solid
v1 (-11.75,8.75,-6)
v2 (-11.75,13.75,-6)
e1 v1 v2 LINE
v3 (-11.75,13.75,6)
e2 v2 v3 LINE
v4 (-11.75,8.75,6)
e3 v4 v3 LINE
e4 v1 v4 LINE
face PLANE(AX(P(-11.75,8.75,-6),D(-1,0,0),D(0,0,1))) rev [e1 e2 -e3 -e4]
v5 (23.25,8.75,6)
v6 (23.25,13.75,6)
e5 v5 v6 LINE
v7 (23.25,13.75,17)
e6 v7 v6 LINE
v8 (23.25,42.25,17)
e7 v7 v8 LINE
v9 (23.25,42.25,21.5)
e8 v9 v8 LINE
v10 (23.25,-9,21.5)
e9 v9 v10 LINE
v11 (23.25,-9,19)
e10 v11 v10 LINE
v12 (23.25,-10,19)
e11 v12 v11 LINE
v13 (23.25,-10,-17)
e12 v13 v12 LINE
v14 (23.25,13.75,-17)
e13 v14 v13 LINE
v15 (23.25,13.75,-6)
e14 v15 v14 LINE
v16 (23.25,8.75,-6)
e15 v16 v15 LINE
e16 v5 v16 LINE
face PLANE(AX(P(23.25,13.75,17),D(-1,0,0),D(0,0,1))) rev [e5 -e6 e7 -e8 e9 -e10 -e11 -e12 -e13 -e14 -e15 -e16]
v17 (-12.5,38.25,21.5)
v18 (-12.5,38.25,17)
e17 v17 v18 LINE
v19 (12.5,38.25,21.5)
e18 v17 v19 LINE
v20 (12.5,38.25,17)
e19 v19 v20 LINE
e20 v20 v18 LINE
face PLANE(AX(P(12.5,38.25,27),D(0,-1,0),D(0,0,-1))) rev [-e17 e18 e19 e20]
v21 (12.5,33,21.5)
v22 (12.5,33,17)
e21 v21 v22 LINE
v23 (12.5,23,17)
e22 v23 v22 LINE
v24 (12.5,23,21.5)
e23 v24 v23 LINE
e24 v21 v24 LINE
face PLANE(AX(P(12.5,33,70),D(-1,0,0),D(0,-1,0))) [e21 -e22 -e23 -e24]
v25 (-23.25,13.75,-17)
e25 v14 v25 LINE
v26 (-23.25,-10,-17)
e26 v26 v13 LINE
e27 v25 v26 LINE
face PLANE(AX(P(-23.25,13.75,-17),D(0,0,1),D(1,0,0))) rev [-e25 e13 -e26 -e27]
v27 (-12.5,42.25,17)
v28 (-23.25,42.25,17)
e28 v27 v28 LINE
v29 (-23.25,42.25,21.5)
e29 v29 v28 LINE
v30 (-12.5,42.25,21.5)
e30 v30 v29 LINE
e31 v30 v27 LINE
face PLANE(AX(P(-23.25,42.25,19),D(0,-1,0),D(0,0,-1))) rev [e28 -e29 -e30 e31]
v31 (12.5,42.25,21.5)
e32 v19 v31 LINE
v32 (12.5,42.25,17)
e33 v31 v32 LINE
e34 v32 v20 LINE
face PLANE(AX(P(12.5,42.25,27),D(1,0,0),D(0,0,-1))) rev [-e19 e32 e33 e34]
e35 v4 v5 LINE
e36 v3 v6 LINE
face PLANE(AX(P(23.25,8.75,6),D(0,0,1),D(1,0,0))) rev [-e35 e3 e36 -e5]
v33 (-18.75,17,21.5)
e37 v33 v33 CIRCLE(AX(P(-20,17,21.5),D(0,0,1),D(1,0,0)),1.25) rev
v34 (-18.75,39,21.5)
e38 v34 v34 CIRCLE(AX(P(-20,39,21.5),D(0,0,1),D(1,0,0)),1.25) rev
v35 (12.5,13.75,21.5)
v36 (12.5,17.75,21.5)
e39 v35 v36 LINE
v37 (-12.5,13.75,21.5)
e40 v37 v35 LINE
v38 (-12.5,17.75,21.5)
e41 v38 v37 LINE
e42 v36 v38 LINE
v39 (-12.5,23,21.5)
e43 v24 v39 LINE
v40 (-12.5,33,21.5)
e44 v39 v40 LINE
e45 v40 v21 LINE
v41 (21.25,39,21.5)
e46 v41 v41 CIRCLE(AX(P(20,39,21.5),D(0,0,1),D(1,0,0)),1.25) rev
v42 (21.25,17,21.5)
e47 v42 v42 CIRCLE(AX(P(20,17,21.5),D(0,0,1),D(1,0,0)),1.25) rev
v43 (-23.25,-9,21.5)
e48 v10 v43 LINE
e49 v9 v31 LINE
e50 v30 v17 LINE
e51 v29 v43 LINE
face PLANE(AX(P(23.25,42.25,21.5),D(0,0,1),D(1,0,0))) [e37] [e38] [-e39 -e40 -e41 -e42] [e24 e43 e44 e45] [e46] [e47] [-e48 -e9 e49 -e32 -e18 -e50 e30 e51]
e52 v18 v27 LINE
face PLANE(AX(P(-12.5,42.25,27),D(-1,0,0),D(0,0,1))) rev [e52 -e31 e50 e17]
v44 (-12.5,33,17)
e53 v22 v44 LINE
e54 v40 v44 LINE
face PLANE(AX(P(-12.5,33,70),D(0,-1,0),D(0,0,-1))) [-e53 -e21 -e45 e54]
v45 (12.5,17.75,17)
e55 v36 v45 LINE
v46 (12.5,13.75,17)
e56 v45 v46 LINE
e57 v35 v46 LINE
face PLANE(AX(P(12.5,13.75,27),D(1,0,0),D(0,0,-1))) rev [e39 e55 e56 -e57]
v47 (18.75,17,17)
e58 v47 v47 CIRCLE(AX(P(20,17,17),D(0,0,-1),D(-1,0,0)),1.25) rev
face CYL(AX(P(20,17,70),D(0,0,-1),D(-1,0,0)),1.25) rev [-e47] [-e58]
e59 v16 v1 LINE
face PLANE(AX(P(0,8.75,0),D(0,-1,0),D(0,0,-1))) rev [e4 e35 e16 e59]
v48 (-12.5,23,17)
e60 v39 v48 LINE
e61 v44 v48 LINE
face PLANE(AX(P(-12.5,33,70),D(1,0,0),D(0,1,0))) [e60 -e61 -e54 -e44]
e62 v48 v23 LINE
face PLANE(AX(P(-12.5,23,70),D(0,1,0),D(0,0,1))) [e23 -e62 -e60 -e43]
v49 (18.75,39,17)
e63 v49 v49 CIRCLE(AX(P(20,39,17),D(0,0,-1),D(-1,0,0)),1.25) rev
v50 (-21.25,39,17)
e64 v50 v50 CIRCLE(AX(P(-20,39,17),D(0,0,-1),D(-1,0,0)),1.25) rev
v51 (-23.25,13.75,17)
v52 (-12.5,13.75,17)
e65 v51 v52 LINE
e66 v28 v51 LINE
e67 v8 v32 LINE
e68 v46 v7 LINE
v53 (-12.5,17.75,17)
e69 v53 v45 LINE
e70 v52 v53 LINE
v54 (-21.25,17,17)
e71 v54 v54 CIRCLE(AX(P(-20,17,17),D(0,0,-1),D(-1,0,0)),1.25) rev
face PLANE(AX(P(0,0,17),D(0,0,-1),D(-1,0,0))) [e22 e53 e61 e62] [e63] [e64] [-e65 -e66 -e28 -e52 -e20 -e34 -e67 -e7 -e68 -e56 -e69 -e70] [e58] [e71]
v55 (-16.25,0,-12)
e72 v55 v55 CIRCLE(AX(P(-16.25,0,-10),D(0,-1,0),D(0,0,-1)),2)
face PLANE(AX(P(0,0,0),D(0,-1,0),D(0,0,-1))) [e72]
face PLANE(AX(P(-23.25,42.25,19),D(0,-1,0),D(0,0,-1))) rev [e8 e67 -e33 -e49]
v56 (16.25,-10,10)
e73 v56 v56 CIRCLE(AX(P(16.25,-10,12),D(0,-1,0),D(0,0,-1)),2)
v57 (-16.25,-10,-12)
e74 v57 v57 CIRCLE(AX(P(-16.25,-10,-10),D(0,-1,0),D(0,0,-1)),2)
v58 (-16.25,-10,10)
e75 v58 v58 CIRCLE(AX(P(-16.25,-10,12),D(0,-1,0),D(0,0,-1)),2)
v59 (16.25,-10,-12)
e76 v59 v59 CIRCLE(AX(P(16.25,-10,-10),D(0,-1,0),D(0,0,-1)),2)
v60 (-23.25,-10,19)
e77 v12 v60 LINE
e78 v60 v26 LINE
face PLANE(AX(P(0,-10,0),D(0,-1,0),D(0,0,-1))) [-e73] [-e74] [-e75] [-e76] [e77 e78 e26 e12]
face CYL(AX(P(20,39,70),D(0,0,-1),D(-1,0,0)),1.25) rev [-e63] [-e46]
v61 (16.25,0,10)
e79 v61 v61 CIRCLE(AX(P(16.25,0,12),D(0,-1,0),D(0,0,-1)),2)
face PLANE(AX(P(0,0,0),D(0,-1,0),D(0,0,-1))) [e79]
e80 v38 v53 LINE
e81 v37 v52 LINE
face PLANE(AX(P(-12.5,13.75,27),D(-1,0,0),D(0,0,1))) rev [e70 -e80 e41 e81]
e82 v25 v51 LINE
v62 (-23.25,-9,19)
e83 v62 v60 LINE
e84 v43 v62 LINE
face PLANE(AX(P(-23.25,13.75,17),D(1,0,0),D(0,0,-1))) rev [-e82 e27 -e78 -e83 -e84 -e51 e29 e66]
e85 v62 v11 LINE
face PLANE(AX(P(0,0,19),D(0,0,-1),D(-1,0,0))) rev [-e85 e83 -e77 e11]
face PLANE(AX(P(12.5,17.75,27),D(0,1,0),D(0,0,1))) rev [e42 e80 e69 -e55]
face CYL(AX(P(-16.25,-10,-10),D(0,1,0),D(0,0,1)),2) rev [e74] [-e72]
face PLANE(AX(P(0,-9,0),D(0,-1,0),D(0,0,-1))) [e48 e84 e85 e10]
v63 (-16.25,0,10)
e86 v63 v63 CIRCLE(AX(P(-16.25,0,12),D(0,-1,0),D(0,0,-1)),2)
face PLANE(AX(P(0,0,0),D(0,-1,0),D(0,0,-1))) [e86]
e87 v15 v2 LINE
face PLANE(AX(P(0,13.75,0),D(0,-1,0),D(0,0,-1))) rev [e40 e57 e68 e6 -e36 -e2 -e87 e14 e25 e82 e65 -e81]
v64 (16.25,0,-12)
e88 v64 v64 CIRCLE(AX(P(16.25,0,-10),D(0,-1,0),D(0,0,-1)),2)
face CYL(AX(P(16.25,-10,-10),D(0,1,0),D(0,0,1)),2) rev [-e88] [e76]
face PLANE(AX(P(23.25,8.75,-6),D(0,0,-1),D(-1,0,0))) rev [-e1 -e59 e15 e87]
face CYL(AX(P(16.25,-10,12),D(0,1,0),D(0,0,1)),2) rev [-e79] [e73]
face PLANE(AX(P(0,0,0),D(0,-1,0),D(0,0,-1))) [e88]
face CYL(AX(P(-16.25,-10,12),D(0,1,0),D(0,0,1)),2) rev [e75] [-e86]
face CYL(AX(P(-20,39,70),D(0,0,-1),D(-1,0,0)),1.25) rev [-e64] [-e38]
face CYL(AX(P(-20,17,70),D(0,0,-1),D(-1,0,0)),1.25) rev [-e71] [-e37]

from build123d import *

# Parameters (mm, degrees)
SKETCH1_W                      = 46.5
SKETCH1_H                      = 34
BOSS_EXTRUDE1_DEPTH            = 13.75
SKETCH2_W                      = 46.5
SKETCH2_H                      = 42.25
BOSS_EXTRUDE2_DEPTH            = 2
SKETCH4_W                      = 35
SKETCH4_H                      = 12
CUT_EXTRUDE2_DEPTH             = 5
SKETCH6_W                      = 46.5
SKETCH6_H                      = 36
SKETCH6_R                      = 2
BOSS_EXTRUDE3_DEPTH            = 10
SKETCH8_W                      = 46.5
SKETCH8_H                      = 2.5
BOSS_EXTRUDE4_DEPTH            = 51.25
CUT_EXTRUDE1_REACH             = 62.18
SKETCH3_R                      = 1.25
SKETCH3_W                      = 25
SKETCH3_H                      = 10
CUT_EXTRUDE1_DIRECTION_2_DEPTH = 51
SKETCH7_W                      = 25
SKETCH7_H                      = 4
CUT_EXTRUDE3_DEPTH             = 10


with BuildPart() as part:
    # Sketch1 → Boss-Extrude1 (new body)
    with BuildSketch(Plane(origin=(0, 0, 0), x_dir=(1, 0, 0), z_dir=(0, 1, 0))):
        Rectangle(SKETCH1_W, SKETCH1_H)
    extrude(amount=BOSS_EXTRUDE1_DEPTH)

    # Sketch2 → Boss-Extrude2 (add)
    with BuildSketch(Plane.XY.offset(17)):
        with Locations((0, 21.125)):
            Rectangle(SKETCH2_W, SKETCH2_H)
    extrude(amount=BOSS_EXTRUDE2_DEPTH)

    # Sketch4 → Cut-Extrude2 (cut)
    with BuildSketch(Plane(origin=(0, 13.75, 0), x_dir=(1, 0, 0), z_dir=(0, 1, 0))):
        with Locations((5.75, 0)):
            Rectangle(SKETCH4_W, SKETCH4_H)
    extrude(amount=-CUT_EXTRUDE2_DEPTH, mode=Mode.SUBTRACT)

    # Sketch6 → Boss-Extrude3 (add)
    with BuildSketch(Plane.XZ):
        with Locations((0, 1)):
            Rectangle(SKETCH6_W, SKETCH6_H)
        with Locations(Location((16.25, -10, 0), (0, 0, 270))):
            Circle(SKETCH6_R, mode=Mode.SUBTRACT)
        with Locations(Location((-16.25, -10, 0), (0, 0, 270))):
            Circle(SKETCH6_R, mode=Mode.SUBTRACT)
        with Locations(Location((-16.25, 12, 0), (0, 0, 270))):
            Circle(SKETCH6_R, mode=Mode.SUBTRACT)
        with Locations(Location((16.25, 12, 0), (0, 0, 270))):
            Circle(SKETCH6_R, mode=Mode.SUBTRACT)
    extrude(amount=BOSS_EXTRUDE3_DEPTH)

    # Sketch8 → Boss-Extrude4 (add)
    with BuildSketch(Plane(origin=(0, -9, 0), x_dir=(-1, 0, 0), z_dir=(0, -1, 0))):
        with Locations((0, -20.25)):
            Rectangle(SKETCH8_W, SKETCH8_H)
    extrude(amount=-BOSS_EXTRUDE4_DEPTH)

    # Sketch3 → Cut-Extrude1 (cut, up to next)
    with BuildSketch(Plane.XY.offset(19), mode=Mode.PRIVATE) as cut_extrude1_sk1:
        with Locations(Location((-20, 39, 0), (0, 0, 180))):
            Circle(SKETCH3_R)
    cut_extrude1_tool1 = extrude(cut_extrude1_sk1.sketch, amount=-CUT_EXTRUDE1_REACH, mode=Mode.PRIVATE) & part.part
    # Sketch3 → Cut-Extrude1 (cut, up to next)
    with BuildSketch(Plane.XY.offset(19), mode=Mode.PRIVATE) as cut_extrude1_sk2:
        with Locations(Location((20, 39, 0), (0, 0, 180))):
            Circle(SKETCH3_R)
    cut_extrude1_tool2 = extrude(cut_extrude1_sk2.sketch, amount=-CUT_EXTRUDE1_REACH, mode=Mode.PRIVATE) & part.part
    # Sketch3 → Cut-Extrude1 (cut, up to next)
    with BuildSketch(Plane.XY.offset(19), mode=Mode.PRIVATE) as cut_extrude1_sk3:
        with Locations(Location((20, 17, 0), (0, 0, 180))):
            Circle(SKETCH3_R)
    cut_extrude1_tool3 = extrude(cut_extrude1_sk3.sketch, amount=-CUT_EXTRUDE1_REACH, mode=Mode.PRIVATE) & part.part
    # Sketch3 → Cut-Extrude1 (cut, up to next)
    with BuildSketch(Plane.XY.offset(19), mode=Mode.PRIVATE) as cut_extrude1_sk4:
        with Locations(Location((-20, 17, 0), (0, 0, 180))):
            Circle(SKETCH3_R)
    cut_extrude1_tool4 = extrude(cut_extrude1_sk4.sketch, amount=-CUT_EXTRUDE1_REACH, mode=Mode.PRIVATE) & part.part
    # Sketch3 → Cut-Extrude1 (cut, up to next)
    with BuildSketch(Plane.XY.offset(19), mode=Mode.PRIVATE) as cut_extrude1_sk5:
        with Locations((0, 28)):
            Rectangle(SKETCH3_W, SKETCH3_H)
    cut_extrude1_tool5 = extrude(cut_extrude1_sk5.sketch, amount=-CUT_EXTRUDE1_REACH, mode=Mode.PRIVATE) & part.part
    add(cut_extrude1_tool1.solids().sort_by_distance((-20, 39, 19))[0], mode=Mode.SUBTRACT)
    add(cut_extrude1_tool2.solids().sort_by_distance((20, 39, 19))[0], mode=Mode.SUBTRACT)
    add(cut_extrude1_tool3.solids().sort_by_distance((20, 17, 19))[0], mode=Mode.SUBTRACT)
    add(cut_extrude1_tool4.solids().sort_by_distance((-20, 17, 19))[0], mode=Mode.SUBTRACT)
    add(cut_extrude1_tool5.solids().sort_by_distance((0, 28, 19))[0], mode=Mode.SUBTRACT)

    # Sketch3 → Cut-Extrude1 direction 2 (cut)
    with BuildSketch(Plane.XY.offset(19)):
        with Locations(Location((-20, 39, 0), (0, 0, 180))):
            Circle(SKETCH3_R)
        with Locations(Location((20, 39, 0), (0, 0, 180))):
            Circle(SKETCH3_R)
        with Locations(Location((20, 17, 0), (0, 0, 180))):
            Circle(SKETCH3_R)
        with Locations(Location((-20, 17, 0), (0, 0, 180))):
            Circle(SKETCH3_R)
        with Locations((0, 28)):
            Rectangle(SKETCH3_W, SKETCH3_H)
    extrude(amount=CUT_EXTRUDE1_DIRECTION_2_DEPTH, mode=Mode.SUBTRACT)

    # Sketch7 → Cut-Extrude3 (cut)
    with BuildSketch(Plane(origin=(0, 0, 17), x_dir=(-1, 0, 0), z_dir=(0, 0, -1))):
        with Locations((0, 15.75)):
            Rectangle(SKETCH7_W, SKETCH7_H)
        with Locations((0, 40.25)):
            Rectangle(SKETCH7_W, SKETCH7_H)
    extrude(amount=-CUT_EXTRUDE3_DEPTH, mode=Mode.SUBTRACT)


solid = part.part
